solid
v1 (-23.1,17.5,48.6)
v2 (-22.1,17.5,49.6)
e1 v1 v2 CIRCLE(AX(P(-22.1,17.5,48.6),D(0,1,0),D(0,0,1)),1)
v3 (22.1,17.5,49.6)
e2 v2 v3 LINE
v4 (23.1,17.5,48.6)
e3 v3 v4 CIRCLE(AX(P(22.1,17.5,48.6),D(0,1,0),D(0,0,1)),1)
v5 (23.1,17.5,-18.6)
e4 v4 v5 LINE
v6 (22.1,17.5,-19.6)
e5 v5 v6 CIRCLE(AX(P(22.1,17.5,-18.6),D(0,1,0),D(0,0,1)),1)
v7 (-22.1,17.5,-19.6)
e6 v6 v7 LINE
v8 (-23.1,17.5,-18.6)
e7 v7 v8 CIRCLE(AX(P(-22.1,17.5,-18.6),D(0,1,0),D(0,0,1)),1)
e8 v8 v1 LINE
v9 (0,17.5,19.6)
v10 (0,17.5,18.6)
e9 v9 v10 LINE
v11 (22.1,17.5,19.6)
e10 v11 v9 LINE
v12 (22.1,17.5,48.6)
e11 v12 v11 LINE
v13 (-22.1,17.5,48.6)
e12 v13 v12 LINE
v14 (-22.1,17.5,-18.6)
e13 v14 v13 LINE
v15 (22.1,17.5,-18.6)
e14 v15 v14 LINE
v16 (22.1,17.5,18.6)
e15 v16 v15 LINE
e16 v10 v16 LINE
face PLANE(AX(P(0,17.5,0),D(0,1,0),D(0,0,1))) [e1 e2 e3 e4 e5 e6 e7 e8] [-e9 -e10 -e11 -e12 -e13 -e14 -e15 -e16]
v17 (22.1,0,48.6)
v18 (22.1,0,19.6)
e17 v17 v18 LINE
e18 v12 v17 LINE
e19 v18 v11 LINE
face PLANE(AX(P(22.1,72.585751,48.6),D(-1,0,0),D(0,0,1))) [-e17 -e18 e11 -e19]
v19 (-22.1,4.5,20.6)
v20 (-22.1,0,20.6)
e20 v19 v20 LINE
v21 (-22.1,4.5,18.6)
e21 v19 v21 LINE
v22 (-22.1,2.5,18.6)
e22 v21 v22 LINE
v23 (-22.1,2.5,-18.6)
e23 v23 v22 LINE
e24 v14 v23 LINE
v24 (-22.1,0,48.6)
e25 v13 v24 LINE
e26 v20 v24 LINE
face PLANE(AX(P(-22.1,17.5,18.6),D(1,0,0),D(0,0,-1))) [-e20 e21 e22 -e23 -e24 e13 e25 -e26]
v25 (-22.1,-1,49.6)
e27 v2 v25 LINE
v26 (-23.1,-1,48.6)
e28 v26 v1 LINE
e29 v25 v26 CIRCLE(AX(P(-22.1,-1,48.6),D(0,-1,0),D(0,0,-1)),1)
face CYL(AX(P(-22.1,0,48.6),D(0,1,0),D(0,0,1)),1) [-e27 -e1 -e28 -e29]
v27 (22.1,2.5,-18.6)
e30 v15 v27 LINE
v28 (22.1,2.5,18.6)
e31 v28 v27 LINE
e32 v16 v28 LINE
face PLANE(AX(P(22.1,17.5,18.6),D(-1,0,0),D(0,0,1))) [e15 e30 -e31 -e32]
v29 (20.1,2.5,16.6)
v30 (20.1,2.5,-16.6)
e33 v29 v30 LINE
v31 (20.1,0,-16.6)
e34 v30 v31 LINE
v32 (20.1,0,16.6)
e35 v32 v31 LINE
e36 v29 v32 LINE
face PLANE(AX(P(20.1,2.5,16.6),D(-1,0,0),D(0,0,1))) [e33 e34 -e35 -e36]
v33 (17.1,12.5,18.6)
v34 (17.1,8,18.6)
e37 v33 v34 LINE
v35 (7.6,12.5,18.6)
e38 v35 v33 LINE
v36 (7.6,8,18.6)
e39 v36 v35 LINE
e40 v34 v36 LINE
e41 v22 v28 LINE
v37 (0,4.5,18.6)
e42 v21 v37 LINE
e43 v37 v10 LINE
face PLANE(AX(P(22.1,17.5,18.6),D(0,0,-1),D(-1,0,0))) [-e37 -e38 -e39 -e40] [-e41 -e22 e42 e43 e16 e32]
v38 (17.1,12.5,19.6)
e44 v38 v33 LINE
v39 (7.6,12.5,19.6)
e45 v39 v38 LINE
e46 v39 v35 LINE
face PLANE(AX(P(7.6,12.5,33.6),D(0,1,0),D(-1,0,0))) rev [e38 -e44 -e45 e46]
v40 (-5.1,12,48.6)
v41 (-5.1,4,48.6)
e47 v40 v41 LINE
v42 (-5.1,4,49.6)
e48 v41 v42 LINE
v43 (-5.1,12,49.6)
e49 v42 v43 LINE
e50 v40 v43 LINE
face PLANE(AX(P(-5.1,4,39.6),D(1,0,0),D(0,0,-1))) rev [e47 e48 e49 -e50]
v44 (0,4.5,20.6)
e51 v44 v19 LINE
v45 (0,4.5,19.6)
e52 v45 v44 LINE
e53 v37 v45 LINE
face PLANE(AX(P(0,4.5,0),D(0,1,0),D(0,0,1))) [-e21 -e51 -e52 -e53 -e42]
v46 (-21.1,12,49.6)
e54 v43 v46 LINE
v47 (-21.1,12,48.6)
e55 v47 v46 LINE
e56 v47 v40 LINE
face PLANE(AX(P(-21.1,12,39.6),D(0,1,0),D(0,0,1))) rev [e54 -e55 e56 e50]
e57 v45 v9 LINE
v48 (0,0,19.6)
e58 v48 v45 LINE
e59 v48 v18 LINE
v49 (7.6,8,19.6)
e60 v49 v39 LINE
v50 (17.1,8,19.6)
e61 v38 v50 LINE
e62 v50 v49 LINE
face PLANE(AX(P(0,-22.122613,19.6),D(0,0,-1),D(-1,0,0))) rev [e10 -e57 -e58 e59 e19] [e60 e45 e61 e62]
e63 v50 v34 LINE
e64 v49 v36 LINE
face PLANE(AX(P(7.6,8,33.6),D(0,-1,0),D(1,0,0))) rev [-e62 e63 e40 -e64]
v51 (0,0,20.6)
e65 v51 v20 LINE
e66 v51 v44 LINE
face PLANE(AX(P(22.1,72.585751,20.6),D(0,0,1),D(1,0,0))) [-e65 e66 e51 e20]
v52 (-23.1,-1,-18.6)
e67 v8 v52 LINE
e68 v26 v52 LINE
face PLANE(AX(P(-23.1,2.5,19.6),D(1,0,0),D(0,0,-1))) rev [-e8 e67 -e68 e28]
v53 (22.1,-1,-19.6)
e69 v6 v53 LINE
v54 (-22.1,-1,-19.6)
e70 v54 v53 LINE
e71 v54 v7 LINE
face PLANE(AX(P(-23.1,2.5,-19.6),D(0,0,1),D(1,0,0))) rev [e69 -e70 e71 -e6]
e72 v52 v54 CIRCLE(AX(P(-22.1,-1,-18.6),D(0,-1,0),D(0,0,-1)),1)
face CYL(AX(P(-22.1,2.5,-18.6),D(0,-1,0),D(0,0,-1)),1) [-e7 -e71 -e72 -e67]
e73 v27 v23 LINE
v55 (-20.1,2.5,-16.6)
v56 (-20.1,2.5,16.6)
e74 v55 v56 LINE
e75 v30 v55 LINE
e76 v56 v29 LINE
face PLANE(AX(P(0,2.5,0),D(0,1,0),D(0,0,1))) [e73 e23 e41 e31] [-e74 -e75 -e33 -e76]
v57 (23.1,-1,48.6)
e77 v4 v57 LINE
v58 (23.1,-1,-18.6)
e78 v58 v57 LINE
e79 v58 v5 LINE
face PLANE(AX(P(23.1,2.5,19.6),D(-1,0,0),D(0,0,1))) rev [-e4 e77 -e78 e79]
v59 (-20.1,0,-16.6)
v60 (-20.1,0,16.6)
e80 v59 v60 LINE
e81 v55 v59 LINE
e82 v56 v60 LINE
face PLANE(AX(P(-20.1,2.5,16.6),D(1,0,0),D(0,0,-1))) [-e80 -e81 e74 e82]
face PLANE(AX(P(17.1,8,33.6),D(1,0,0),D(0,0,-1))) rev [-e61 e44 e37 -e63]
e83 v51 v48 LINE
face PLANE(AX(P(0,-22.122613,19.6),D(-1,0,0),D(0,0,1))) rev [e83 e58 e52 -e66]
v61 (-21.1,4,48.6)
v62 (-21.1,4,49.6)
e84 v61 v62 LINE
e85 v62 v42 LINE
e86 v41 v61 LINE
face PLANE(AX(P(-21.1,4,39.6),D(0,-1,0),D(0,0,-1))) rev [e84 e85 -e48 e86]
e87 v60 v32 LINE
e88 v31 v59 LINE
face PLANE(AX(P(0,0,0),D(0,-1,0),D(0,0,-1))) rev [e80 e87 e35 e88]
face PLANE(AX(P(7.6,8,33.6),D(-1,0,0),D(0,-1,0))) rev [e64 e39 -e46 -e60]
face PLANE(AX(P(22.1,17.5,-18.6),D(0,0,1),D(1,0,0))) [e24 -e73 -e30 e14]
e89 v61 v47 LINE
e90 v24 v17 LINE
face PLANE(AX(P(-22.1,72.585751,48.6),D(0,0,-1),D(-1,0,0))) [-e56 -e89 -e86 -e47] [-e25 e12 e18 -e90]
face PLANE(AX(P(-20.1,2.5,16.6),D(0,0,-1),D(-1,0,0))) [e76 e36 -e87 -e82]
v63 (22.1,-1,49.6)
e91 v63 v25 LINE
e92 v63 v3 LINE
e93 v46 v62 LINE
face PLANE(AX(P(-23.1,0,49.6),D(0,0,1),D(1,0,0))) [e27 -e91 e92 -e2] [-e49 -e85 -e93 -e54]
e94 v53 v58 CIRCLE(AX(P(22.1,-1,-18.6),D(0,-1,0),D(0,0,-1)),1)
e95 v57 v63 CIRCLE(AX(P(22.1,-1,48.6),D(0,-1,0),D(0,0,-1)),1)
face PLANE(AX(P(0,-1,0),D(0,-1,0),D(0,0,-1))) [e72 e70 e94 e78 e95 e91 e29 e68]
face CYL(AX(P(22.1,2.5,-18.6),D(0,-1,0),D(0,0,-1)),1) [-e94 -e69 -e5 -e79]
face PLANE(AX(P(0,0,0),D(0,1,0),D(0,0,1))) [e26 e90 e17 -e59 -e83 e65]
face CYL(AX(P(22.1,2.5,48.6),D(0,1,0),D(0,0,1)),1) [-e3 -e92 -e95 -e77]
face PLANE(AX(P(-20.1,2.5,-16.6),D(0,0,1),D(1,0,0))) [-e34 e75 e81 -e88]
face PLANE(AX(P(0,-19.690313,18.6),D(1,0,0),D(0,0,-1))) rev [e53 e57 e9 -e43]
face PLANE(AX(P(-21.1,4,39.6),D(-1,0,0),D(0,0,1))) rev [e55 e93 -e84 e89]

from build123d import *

# Parameters (mm, degrees)
SKETCH1_W           = 46.2
SKETCH1_H           = 39.2
SKETCH1_W_2         = 40.2
SKETCH1_H_2         = 33.2
BOSS_EXTRUDE1_DEPTH = 2.5
SKETCH3_W           = 46.2
SKETCH3_H           = 39.2
BOSS_EXTRUDE2_DEPTH = 1
SKETCH4_W           = 46.2
SKETCH4_H           = 39.2
SKETCH4_W_2         = 44.2
SKETCH4_H_2         = 37.2
BOSS_EXTRUDE3_DEPTH = 15
SKETCH5_W           = 9.5
SKETCH5_H           = 4.5
CUT_EXTRUDE1_DEPTH  = 15
SKETCH6_W           = 46.2
SKETCH6_H           = 30
BOSS_EXTRUDE4_DEPTH = 1
SKETCH7_W           = 46.2
SKETCH7_H           = 30
SKETCH7_W_2         = 44.2
SKETCH7_H_2         = 28
BOSS_EXTRUDE5_DEPTH = 17.5
SKETCH8_W           = 22.1
SKETCH8_H           = 2
CUT_EXTRUDE2_DEPTH  = 13
SKETCH9_W           = 22.1
SKETCH9_H           = 1
CUT_EXTRUDE3_DEPTH  = 17.5
SKETCH10_W          = 16
SKETCH10_H          = 8
CUT_EXTRUDE4_DEPTH  = 10
FILLET1_R           = 1


with BuildPart() as part:
    # Sketch1 → Boss-Extrude1 (new body)
    with BuildSketch(Plane(origin=(0, 0, 0), x_dir=(1, 0, 0), z_dir=(0, 1, 0))):
        Rectangle(SKETCH1_W, SKETCH1_H)
        Rectangle(SKETCH1_W_2, SKETCH1_H_2, mode=Mode.SUBTRACT)
    extrude(amount=BOSS_EXTRUDE1_DEPTH)

    # Sketch3 → Boss-Extrude2 (add)
    with BuildSketch(Plane.XZ):
        Rectangle(SKETCH3_W, SKETCH3_H)
    extrude(amount=BOSS_EXTRUDE2_DEPTH)

    # Sketch4 → Boss-Extrude3 (add)
    with BuildSketch(Plane(origin=(0, 2.5, 0), x_dir=(1, 0, 0), z_dir=(0, 1, 0))):
        Rectangle(SKETCH4_W, SKETCH4_H)
        Rectangle(SKETCH4_W_2, SKETCH4_H_2, mode=Mode.SUBTRACT)
    extrude(amount=BOSS_EXTRUDE3_DEPTH)

    # Sketch5 → Cut-Extrude1 (cut)
    with BuildSketch(Plane(origin=(0, 0, 18.6), x_dir=(-1, 0, 0), z_dir=(0, 0, -1))):
        with Locations((-12.35, 10.25)):
            Rectangle(SKETCH5_W, SKETCH5_H)
    extrude(amount=-CUT_EXTRUDE1_DEPTH, mode=Mode.SUBTRACT)

    # Sketch6 → Boss-Extrude4 (add)
    with BuildSketch(Plane.XZ.offset(1)):
        with Locations((0, 34.6)):
            Rectangle(SKETCH6_W, SKETCH6_H)
    extrude(amount=-BOSS_EXTRUDE4_DEPTH)

    # Sketch7 → Boss-Extrude5 (add)
    with BuildSketch(Plane(origin=(0, 0, 0), x_dir=(1, 0, 0), z_dir=(0, 1, 0))):
        with Locations((0, -34.6)):
            Rectangle(SKETCH7_W, SKETCH7_H)
        with Locations((0, -34.6)):
            Rectangle(SKETCH7_W_2, SKETCH7_H_2, mode=Mode.SUBTRACT)
    extrude(amount=BOSS_EXTRUDE5_DEPTH)

    # Sketch8 → Cut-Extrude2 (cut)
    with BuildSketch(Plane(origin=(0, 17.5, 0), x_dir=(1, 0, 0), z_dir=(0, 1, 0))):
        with Locations((-11.05, -19.6)):
            Rectangle(SKETCH8_W, SKETCH8_H)
    extrude(amount=-CUT_EXTRUDE2_DEPTH, mode=Mode.SUBTRACT)

    # Sketch9 → Cut-Extrude3 (cut)
    with BuildSketch(Plane(origin=(0, 17.5, 0), x_dir=(1, 0, 0), z_dir=(0, 1, 0))):
        with Locations((11.05, -20.1)):
            Rectangle(SKETCH9_W, SKETCH9_H)
    extrude(amount=-CUT_EXTRUDE3_DEPTH, mode=Mode.SUBTRACT)

    # Sketch10 → Cut-Extrude4 (cut)
    with BuildSketch(Plane.XY.offset(49.6)):
        with Locations((-13.1, 8)):
            Rectangle(SKETCH10_W, SKETCH10_H)
    extrude(amount=-CUT_EXTRUDE4_DEPTH, mode=Mode.SUBTRACT)

    # Fillet1
    fillet1_edges = [part.edges().sort_by_distance(p)[0] for p in [
        (-23.1, 8.25, -19.6),
        (23.1, 8.25, -19.6),
        (-23.1, 8.25, 49.6),
        (23.1, 8.25, 49.6),
    ]]
    fillet(fillet1_edges, radius=FILLET1_R)


solid = part.part
